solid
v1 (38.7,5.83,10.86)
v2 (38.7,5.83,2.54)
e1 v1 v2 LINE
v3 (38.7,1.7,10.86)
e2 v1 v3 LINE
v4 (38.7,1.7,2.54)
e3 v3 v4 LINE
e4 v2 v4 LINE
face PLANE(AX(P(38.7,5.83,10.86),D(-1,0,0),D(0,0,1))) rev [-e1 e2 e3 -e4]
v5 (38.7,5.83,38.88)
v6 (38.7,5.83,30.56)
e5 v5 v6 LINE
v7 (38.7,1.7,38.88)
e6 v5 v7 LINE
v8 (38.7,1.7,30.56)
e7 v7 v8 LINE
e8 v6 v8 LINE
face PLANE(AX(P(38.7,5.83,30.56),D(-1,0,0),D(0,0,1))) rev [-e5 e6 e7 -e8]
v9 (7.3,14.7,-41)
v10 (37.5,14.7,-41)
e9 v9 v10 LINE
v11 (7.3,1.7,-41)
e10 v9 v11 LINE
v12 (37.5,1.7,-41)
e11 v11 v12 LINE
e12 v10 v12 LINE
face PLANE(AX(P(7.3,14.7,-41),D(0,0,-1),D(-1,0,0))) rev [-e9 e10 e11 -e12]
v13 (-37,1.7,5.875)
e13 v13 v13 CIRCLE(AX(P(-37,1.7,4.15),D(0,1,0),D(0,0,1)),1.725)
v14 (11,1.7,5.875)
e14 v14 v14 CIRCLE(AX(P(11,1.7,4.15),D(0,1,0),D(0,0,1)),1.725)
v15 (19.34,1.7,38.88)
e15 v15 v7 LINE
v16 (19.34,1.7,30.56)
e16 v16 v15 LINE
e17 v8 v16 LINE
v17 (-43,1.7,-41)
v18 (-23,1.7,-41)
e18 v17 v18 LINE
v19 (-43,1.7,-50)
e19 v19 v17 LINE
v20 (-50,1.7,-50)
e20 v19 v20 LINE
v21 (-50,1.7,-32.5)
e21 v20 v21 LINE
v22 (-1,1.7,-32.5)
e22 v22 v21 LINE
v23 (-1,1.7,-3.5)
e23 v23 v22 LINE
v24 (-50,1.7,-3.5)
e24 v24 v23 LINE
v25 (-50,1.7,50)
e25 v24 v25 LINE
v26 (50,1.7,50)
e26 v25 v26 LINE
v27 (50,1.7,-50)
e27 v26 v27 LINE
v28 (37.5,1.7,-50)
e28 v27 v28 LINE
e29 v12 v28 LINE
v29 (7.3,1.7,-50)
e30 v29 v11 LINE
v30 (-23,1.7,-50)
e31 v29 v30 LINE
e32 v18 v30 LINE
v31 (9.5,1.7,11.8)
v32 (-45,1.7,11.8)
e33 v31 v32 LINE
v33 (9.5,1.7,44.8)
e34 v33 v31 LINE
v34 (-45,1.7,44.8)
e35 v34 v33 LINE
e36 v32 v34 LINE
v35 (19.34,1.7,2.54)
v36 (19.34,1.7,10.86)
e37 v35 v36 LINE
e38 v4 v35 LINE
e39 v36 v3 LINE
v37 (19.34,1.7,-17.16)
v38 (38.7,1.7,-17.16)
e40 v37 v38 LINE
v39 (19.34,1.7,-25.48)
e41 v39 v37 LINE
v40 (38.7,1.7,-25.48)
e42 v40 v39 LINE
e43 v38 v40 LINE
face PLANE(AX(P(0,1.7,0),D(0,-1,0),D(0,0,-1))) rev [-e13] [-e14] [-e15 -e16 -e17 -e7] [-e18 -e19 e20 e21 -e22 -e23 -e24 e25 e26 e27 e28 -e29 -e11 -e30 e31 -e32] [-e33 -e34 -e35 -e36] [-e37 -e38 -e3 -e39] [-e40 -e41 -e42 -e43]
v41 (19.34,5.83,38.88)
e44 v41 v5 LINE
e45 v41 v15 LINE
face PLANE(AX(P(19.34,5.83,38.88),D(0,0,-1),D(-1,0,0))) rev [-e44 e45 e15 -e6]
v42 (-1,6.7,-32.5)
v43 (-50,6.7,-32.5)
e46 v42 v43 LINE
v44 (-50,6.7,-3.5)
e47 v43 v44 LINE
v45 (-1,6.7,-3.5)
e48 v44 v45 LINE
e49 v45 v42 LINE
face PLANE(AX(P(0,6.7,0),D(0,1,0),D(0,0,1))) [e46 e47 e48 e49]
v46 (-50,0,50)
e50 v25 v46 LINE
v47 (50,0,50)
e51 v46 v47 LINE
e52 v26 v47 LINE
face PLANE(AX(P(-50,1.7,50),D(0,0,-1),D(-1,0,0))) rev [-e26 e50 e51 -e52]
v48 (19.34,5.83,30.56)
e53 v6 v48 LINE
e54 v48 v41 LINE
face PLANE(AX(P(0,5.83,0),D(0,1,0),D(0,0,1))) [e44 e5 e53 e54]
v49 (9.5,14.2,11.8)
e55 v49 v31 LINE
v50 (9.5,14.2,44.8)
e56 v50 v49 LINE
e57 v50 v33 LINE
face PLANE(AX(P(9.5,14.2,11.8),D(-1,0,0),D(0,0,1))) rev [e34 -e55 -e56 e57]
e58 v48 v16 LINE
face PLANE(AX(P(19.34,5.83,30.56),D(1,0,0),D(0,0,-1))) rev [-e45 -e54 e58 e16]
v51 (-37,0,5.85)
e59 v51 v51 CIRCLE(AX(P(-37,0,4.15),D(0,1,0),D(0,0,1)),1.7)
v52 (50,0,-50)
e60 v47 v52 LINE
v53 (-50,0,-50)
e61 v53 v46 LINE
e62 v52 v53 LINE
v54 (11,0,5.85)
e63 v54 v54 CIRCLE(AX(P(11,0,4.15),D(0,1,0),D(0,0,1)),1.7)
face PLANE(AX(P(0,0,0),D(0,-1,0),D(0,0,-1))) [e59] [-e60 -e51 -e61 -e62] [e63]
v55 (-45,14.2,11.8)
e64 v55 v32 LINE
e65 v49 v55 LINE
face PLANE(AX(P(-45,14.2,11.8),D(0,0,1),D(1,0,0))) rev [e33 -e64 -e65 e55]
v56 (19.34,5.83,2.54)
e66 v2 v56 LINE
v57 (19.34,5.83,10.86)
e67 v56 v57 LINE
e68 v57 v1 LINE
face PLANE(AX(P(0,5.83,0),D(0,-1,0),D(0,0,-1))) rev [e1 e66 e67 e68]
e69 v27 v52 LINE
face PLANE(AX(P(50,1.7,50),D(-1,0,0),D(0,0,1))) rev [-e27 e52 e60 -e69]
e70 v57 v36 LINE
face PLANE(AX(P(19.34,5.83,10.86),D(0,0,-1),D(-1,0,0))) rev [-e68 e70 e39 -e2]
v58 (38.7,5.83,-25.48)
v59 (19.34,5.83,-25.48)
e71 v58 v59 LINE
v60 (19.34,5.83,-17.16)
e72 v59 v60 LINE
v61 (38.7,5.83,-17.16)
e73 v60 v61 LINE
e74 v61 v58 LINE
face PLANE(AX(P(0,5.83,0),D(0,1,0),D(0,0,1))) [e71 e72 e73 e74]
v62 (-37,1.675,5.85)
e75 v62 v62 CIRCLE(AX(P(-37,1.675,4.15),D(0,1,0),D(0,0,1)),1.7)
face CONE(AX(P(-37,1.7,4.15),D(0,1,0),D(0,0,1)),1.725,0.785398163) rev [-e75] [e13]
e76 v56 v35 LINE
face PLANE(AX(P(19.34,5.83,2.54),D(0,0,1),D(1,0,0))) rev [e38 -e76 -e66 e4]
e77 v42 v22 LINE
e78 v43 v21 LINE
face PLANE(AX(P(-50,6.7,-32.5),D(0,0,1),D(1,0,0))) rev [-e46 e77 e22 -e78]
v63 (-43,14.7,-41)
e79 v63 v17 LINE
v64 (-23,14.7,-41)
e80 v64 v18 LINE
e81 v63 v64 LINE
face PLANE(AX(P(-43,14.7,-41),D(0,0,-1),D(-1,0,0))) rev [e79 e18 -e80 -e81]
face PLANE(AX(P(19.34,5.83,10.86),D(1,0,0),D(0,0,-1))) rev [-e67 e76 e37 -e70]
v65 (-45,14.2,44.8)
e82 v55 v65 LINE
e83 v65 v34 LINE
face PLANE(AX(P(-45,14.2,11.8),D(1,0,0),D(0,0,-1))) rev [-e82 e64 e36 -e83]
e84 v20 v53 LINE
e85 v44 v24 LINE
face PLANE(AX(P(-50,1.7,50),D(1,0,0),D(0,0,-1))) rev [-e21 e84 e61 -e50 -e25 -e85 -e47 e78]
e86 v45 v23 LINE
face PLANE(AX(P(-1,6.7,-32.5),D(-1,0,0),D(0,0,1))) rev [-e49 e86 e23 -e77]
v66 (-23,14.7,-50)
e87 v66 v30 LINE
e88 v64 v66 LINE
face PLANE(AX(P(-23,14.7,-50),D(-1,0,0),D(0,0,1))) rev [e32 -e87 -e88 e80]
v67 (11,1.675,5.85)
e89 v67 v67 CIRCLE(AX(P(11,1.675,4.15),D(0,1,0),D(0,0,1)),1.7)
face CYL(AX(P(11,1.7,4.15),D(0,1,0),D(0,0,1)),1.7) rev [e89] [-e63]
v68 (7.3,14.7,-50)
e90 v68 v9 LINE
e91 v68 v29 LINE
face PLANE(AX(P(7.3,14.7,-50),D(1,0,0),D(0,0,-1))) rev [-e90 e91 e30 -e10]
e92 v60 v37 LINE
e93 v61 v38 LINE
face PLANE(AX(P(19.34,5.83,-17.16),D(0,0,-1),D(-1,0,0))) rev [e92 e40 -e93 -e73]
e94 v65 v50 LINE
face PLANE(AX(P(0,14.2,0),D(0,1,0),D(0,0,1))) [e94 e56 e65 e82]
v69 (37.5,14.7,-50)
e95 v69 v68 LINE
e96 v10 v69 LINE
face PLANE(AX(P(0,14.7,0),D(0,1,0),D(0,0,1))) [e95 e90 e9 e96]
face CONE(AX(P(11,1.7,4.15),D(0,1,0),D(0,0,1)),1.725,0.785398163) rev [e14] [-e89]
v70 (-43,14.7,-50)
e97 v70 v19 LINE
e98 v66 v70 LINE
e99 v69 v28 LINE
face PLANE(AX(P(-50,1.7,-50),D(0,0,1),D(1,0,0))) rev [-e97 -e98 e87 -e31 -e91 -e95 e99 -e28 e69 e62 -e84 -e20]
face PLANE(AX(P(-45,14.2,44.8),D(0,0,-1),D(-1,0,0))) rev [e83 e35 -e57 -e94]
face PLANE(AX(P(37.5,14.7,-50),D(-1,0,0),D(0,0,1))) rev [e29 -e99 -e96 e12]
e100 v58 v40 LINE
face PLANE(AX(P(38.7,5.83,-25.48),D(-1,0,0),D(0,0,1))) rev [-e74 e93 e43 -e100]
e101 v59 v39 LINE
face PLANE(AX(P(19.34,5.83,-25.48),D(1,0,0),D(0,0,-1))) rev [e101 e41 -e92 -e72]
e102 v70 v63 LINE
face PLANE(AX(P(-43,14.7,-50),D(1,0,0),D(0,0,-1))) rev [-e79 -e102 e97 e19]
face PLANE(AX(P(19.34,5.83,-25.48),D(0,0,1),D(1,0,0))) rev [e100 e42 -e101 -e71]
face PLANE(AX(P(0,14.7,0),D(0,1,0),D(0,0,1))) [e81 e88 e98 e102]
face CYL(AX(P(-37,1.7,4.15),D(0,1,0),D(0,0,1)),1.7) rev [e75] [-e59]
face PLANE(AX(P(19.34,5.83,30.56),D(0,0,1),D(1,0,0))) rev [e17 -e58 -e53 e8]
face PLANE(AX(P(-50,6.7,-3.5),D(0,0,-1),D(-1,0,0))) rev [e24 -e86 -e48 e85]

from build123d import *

# Parameters (mm, degrees)
SKETCH1_W                     = 100
SKETCH1_H                     = 100
BOSS_EXTRUDE1_DEPTH           = 1.7
SKETCH2_W                     = 30.2
SKETCH2_H                     = 9
SKETCH2_W_2                   = 20
BOSS_EXTRUDE2_DEPTH           = 13
SKETCH3_W                     = 49
SKETCH3_H                     = 29
BOSS_EXTRUDE3_DEPTH           = 5
SKETCH4_W                     = 19.36
SKETCH4_H                     = 8.32
BOSS_EXTRUDE4_DEPTH           = 4.13
SKETCH5_W                     = 54.5
SKETCH5_H                     = 33
BOSS_EXTRUDE5_DEPTH           = 12.5
M3_CLEARANCE_HOLE1_AT_2_COUNT = 2
M3_CLEARANCE_HOLE1_AT_2_PITCH = 48


with BuildPart() as part:
    # Sketch1 → Boss-Extrude1 (new body)
    with BuildSketch(Plane(origin=(0, 0, 0), x_dir=(1, 0, 0), z_dir=(0, 1, 0))):
        Rectangle(SKETCH1_W, SKETCH1_H)
    extrude(amount=BOSS_EXTRUDE1_DEPTH)

    # Sketch2 → Boss-Extrude2 (add)
    with BuildSketch(Plane(origin=(0, 1.7, 0), x_dir=(1, 0, 0), z_dir=(0, 1, 0))):
        with Locations((22.4, 45.5)):
            Rectangle(SKETCH2_W, SKETCH2_H)
        with Locations((-33, 45.5)):
            Rectangle(SKETCH2_W_2, SKETCH2_H)
    extrude(amount=BOSS_EXTRUDE2_DEPTH)

    # Sketch3 → Boss-Extrude3 (add)
    with BuildSketch(Plane(origin=(0, 1.7, 0), x_dir=(1, 0, 0), z_dir=(0, 1, 0))):
        with Locations((-25.5, 18)):
            Rectangle(SKETCH3_W, SKETCH3_H)
    extrude(amount=BOSS_EXTRUDE3_DEPTH)

    # Sketch4 → Boss-Extrude4 (add)
    with BuildSketch(Plane(origin=(0, 1.7, 0), x_dir=(1, 0, 0), z_dir=(0, 1, 0))):
        with Locations((29.02, 21.32)):
            Rectangle(SKETCH4_W, SKETCH4_H)
        with Locations((29.02, -6.7)):
            Rectangle(SKETCH4_W, SKETCH4_H)
        with Locations((29.02, -34.72)):
            Rectangle(SKETCH4_W, SKETCH4_H)
    extrude(amount=BOSS_EXTRUDE4_DEPTH)

    # Sketch5 → Boss-Extrude5 (add)
    with BuildSketch(Plane(origin=(0, 1.7, 0), x_dir=(1, 0, 0), z_dir=(0, 1, 0))):
        with Locations((-17.75, -28.3)):
            Rectangle(SKETCH5_W, SKETCH5_H)
    extrude(amount=BOSS_EXTRUDE5_DEPTH)

    # Sketch9 → M3 Clearance Hole1 (revolve, cut)
    with BuildSketch(Plane(origin=(-37, 1.7, 4.15), x_dir=(0, 0, 1), z_dir=(1, 0, 0))):
        Polygon((0, 0), (0, 1.7), (1.7, 1.7), (1.7, 0.025), (1.725, 0), align=None)
    m3_clearance_hole1 = revolve(axis=Axis((-37, 8.05, 4.15), (0, -1, 0)), mode=Mode.SUBTRACT)

    # M3 Clearance Hole1 at 2: M3 Clearance Hole1 ×2
    with Locations(*[(i * M3_CLEARANCE_HOLE1_AT_2_PITCH, 0, 0) for i in range(1, M3_CLEARANCE_HOLE1_AT_2_COUNT)]):
        add(m3_clearance_hole1, mode=Mode.SUBTRACT)


solid = part.part
